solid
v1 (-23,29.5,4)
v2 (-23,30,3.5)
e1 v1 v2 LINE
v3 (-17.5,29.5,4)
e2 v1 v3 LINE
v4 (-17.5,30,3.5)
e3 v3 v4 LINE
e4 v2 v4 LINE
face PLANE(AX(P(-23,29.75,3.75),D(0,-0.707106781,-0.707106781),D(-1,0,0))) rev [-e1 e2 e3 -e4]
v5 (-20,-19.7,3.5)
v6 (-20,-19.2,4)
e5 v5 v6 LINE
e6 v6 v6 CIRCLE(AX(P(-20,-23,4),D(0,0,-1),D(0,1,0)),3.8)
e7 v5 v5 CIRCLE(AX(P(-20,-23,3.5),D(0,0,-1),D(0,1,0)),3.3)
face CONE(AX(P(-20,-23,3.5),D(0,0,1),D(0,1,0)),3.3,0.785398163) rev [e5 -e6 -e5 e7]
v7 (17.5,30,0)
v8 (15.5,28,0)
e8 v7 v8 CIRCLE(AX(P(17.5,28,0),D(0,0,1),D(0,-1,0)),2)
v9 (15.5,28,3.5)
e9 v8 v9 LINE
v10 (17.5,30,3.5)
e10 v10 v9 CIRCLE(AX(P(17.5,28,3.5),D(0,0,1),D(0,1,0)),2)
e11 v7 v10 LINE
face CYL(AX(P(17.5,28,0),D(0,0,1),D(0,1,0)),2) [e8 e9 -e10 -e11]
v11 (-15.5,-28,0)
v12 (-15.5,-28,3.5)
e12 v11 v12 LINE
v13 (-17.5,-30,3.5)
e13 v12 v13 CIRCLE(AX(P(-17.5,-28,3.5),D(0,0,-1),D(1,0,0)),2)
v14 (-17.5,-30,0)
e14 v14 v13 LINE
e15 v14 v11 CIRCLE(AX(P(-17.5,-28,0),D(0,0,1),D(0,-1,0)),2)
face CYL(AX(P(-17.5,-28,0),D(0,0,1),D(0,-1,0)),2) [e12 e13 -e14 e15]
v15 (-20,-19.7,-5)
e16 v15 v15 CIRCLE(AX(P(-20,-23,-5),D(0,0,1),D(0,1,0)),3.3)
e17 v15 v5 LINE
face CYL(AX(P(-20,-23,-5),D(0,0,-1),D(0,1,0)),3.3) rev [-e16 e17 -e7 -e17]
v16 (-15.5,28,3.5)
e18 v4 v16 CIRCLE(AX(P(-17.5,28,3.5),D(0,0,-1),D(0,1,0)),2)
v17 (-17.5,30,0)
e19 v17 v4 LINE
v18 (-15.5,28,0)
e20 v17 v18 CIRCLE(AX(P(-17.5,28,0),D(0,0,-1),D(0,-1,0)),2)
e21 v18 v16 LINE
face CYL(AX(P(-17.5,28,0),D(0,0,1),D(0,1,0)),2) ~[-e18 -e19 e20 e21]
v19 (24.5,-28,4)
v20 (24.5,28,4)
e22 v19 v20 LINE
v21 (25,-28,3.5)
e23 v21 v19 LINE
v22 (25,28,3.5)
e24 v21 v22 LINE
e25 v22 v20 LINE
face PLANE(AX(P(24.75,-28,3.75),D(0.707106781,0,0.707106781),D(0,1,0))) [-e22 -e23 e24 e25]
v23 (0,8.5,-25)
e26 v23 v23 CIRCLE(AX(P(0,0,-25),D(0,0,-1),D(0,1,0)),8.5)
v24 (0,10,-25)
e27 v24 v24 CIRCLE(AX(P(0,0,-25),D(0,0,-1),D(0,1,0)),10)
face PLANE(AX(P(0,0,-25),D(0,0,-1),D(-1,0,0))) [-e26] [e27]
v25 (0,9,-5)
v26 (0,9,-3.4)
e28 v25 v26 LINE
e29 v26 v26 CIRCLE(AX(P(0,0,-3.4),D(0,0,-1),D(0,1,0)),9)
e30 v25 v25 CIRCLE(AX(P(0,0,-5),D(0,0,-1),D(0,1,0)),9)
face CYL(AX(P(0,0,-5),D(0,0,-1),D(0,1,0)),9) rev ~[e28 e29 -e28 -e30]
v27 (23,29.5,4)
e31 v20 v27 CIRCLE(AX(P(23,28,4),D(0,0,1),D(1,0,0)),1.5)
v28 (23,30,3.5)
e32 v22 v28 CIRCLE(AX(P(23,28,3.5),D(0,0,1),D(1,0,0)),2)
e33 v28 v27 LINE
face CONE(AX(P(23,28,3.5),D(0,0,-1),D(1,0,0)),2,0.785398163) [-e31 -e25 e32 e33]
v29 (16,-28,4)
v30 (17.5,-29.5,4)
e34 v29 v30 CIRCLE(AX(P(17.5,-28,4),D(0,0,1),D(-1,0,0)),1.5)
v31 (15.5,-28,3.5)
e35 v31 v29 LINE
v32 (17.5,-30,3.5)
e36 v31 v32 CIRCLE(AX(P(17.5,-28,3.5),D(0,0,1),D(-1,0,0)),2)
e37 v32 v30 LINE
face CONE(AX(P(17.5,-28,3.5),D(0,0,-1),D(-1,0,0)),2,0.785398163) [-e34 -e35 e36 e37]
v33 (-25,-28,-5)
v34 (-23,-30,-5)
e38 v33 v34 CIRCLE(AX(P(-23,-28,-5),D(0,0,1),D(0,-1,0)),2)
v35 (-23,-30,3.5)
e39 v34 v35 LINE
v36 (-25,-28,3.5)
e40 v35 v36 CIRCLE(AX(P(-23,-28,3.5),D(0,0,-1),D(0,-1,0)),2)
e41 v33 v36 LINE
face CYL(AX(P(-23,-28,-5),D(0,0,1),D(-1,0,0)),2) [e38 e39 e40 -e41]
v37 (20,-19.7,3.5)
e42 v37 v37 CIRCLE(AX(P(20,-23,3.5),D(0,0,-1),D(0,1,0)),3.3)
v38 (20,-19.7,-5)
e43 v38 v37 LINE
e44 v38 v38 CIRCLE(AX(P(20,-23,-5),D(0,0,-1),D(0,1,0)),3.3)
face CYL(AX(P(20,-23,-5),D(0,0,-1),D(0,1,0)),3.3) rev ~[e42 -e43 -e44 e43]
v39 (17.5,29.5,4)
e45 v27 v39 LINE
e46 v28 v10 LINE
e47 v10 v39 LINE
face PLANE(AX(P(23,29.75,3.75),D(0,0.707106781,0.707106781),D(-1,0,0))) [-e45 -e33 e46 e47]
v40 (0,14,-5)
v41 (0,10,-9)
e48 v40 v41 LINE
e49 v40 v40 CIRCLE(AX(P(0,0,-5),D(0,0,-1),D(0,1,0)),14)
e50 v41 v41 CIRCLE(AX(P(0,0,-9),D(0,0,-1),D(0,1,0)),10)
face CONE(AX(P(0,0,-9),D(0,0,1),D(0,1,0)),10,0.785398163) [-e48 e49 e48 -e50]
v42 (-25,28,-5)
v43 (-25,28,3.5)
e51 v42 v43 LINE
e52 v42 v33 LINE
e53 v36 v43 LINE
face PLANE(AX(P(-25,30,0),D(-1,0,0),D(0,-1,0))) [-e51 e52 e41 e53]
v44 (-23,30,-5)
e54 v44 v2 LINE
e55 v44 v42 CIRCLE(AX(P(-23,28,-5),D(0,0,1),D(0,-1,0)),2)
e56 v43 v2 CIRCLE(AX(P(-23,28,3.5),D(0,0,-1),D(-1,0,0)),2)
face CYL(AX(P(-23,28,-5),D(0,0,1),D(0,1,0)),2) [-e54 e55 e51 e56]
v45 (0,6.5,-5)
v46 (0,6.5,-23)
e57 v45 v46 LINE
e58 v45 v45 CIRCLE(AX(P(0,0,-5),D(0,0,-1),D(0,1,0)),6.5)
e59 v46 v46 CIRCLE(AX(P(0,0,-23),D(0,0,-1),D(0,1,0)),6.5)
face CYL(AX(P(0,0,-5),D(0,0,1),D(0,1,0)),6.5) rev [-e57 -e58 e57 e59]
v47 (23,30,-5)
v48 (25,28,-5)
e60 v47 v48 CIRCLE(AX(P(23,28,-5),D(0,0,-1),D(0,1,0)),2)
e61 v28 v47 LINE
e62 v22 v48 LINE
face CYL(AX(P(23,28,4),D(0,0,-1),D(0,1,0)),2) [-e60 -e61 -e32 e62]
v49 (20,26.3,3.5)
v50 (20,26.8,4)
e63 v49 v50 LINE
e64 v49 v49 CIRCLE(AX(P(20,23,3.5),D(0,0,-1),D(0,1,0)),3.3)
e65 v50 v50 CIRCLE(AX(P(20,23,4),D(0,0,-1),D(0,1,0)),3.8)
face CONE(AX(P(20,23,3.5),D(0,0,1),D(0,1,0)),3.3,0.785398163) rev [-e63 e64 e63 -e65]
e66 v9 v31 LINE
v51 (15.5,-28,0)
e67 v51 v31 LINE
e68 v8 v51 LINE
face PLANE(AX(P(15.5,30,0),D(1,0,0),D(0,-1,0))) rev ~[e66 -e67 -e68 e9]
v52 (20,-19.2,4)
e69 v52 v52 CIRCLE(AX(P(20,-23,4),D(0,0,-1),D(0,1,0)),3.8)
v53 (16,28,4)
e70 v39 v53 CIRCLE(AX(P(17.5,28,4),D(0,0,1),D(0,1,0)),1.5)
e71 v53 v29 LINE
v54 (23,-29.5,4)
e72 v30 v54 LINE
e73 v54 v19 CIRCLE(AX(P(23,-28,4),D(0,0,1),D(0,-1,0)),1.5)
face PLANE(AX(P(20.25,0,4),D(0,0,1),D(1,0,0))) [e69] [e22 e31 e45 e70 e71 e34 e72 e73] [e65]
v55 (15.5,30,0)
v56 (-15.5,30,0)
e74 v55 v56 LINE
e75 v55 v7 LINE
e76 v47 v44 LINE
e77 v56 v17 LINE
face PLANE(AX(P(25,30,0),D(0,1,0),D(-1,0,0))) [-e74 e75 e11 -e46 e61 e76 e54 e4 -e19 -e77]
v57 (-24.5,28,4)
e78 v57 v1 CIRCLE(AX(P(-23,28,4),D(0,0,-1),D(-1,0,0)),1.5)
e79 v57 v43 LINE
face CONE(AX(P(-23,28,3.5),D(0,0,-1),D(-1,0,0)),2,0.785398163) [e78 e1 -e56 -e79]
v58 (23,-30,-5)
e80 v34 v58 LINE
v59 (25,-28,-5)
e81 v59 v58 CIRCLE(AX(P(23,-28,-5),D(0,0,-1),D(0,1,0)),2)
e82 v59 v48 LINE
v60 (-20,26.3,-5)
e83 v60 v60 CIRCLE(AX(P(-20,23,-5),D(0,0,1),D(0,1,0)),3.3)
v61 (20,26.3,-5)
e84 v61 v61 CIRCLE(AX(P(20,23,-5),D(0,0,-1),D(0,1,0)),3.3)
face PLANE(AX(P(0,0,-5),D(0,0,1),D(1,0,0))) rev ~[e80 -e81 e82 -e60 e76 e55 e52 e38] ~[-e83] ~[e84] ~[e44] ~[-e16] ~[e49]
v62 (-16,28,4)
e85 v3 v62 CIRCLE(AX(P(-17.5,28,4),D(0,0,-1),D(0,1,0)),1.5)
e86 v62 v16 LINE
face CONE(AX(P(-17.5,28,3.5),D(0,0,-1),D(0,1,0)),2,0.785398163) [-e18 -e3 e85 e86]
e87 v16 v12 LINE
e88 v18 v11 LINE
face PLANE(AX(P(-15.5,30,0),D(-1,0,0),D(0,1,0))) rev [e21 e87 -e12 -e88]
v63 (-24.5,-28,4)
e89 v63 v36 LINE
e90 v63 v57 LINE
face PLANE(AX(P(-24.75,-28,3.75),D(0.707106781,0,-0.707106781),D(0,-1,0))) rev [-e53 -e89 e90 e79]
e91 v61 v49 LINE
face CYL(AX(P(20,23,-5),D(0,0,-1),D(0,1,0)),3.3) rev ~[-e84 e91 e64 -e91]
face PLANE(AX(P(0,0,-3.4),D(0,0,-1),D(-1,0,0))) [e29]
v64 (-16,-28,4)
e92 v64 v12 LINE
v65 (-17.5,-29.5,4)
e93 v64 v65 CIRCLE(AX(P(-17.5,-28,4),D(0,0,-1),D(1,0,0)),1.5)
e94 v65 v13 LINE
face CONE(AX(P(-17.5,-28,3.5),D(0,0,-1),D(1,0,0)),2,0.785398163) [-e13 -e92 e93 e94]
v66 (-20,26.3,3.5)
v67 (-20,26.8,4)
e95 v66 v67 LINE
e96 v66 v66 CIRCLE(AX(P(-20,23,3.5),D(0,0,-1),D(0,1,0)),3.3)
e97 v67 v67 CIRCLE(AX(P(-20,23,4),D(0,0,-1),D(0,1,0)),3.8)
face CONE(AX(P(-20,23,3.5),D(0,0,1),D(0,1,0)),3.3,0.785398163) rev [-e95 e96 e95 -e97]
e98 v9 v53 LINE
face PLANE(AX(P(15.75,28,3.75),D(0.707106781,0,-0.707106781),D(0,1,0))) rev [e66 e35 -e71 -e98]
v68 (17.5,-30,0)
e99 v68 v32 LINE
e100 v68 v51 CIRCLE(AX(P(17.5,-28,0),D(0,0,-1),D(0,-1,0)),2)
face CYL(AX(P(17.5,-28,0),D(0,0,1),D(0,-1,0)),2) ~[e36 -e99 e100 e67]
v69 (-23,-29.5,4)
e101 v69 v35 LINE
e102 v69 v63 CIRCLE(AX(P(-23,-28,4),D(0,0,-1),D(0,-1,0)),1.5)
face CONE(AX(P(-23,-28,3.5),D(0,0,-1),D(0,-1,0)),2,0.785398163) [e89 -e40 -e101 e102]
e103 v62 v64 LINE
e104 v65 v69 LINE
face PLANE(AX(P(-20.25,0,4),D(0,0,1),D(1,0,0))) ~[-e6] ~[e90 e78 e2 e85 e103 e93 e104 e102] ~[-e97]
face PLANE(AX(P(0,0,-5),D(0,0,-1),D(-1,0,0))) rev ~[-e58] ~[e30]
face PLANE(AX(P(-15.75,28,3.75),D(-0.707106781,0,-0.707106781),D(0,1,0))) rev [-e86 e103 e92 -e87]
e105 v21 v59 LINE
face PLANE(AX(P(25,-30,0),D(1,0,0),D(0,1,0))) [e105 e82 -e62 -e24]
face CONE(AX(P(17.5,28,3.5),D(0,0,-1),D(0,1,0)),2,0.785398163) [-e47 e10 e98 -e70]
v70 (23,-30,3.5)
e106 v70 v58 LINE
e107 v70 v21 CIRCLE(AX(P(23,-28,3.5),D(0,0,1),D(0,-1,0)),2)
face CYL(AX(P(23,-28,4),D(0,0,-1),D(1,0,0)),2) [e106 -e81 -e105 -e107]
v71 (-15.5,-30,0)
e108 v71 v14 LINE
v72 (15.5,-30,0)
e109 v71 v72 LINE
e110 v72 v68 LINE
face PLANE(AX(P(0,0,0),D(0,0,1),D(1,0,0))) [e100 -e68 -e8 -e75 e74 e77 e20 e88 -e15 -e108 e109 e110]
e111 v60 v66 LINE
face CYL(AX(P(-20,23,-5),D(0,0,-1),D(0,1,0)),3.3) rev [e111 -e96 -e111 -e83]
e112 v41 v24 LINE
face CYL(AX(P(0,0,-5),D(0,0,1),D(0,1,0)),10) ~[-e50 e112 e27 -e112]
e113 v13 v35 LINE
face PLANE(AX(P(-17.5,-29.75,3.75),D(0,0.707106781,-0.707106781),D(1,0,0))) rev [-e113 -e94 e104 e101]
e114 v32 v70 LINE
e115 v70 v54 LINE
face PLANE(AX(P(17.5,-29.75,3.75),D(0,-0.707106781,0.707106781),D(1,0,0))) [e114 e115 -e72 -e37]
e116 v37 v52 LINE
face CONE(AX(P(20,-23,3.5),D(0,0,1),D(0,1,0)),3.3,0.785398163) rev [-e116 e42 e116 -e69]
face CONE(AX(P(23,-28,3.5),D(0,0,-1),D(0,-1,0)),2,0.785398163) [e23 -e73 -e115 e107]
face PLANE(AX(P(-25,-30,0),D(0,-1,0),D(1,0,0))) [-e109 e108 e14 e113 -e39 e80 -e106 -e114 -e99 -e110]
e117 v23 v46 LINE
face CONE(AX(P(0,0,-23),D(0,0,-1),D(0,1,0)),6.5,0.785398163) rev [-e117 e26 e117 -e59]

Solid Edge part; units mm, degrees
sketch "Sketch1" plane through (0, 0, 0) normal (0, 0, 1) x (1, 0, 0)
  line L0 (25, 30) -> (-25, 30)
  line L1 (-25, 30) -> (-25, -30)
  line L2 (-25, -30) -> (25, -30)
  line L3 (25, -30) -> (25, 30)
extrude "Extrusionsausprägung_24" add sketch "Sketch1" against normal blind 5
sketch "Sketch2" plane through (0, 0, 0) normal (0, 0, 1) x (0, -1, 0)
  line L0 (-30, 15.5) -> (30, 15.5)
  line L1 (30, 15.5) -> (30, 25)
  line L2 (30, 25) -> (-30, 25)
  line L3 (-30, 25) -> (-30, 15.5)
extrude "Extrusionsausprägung_25" add sketch "Sketch2" along normal blind 4
mirror "Mirror1" about plane through (0, 0, 0) normal (1, 0, 0) of "Extrusionsausprägung_25"
sketch "Sketch3" plane through (0, 0, -5) normal (0, 0, -1) x (0, 1, 0)
  circle A0 centre (-23, 20) radius 3.3
  circle A1 centre (23, 20) radius 3.3
extrude "Extrusionsausschnitt_32" cut sketch "Sketch3" against normal blind 38
sketch "Sketch4" plane through (0, 0, -5) normal (0, 0, -1) x (0, 1, 0)
  circle A0 centre (0, 0) radius 9
extrude "Extrusionsausschnitt_33" cut sketch "Sketch4" against normal blind 1.6
mirror "Mirror2" about plane through (0, 0, 0) normal (1, 0, 0) of "Extrusionsausschnitt_32"
sketch "Sketch5" plane through (0, 0, -5) normal (0, 0, -1) x (0, 1, 0)
  circle A0 centre (0, 0) radius 10
  circle A1 centre (0, 0) radius 6.5
extrude "Extrusionsausprägung_27" add sketch "Sketch5" along normal blind 20
chamfer "Fase_14" distance 4 angle 45 1 edges at (0, -10, -5)
chamfer "Fase_15" distance 2 angle 45 1 edges at (0, -6.5, -25)
fillet "Verrundung_17" radius 2 8 edges at (-25, -30, -0.5) (-15.5, -30, 2) (15.5, -30, 2) (25, -30, -0.5) (-25, 30, -0.5) (25, 30, -0.5) (15.5, 30, 2) (-15.5, 30, 2)
chamfer "Fase_16" distance 0.5 angle 45 20 edges at (16.7, -23, 4) (16.7, 23, 4) (20.25, 30, 4) (16.0858, 29.4142, 4) (15.5, 0, 4) (16.0858, -29.4142, 4) (20.25, -30, 4) (24.4142, -29.4142, 4) (25, 0, 4) (24.4142, 29.4142, 4) (-16.7, 23, 4) (-16.7, -23, 4) (-15.5, 0, 4) (-16.0858, 29.4142, 4) (-20.25, 30, 4) (-24.4142, 29.4142, 4) (-25, 0, 4) (-24.4142, -29.4142, 4) (-20.25, -30, 4) (-16.0858, -29.4142, 4)
